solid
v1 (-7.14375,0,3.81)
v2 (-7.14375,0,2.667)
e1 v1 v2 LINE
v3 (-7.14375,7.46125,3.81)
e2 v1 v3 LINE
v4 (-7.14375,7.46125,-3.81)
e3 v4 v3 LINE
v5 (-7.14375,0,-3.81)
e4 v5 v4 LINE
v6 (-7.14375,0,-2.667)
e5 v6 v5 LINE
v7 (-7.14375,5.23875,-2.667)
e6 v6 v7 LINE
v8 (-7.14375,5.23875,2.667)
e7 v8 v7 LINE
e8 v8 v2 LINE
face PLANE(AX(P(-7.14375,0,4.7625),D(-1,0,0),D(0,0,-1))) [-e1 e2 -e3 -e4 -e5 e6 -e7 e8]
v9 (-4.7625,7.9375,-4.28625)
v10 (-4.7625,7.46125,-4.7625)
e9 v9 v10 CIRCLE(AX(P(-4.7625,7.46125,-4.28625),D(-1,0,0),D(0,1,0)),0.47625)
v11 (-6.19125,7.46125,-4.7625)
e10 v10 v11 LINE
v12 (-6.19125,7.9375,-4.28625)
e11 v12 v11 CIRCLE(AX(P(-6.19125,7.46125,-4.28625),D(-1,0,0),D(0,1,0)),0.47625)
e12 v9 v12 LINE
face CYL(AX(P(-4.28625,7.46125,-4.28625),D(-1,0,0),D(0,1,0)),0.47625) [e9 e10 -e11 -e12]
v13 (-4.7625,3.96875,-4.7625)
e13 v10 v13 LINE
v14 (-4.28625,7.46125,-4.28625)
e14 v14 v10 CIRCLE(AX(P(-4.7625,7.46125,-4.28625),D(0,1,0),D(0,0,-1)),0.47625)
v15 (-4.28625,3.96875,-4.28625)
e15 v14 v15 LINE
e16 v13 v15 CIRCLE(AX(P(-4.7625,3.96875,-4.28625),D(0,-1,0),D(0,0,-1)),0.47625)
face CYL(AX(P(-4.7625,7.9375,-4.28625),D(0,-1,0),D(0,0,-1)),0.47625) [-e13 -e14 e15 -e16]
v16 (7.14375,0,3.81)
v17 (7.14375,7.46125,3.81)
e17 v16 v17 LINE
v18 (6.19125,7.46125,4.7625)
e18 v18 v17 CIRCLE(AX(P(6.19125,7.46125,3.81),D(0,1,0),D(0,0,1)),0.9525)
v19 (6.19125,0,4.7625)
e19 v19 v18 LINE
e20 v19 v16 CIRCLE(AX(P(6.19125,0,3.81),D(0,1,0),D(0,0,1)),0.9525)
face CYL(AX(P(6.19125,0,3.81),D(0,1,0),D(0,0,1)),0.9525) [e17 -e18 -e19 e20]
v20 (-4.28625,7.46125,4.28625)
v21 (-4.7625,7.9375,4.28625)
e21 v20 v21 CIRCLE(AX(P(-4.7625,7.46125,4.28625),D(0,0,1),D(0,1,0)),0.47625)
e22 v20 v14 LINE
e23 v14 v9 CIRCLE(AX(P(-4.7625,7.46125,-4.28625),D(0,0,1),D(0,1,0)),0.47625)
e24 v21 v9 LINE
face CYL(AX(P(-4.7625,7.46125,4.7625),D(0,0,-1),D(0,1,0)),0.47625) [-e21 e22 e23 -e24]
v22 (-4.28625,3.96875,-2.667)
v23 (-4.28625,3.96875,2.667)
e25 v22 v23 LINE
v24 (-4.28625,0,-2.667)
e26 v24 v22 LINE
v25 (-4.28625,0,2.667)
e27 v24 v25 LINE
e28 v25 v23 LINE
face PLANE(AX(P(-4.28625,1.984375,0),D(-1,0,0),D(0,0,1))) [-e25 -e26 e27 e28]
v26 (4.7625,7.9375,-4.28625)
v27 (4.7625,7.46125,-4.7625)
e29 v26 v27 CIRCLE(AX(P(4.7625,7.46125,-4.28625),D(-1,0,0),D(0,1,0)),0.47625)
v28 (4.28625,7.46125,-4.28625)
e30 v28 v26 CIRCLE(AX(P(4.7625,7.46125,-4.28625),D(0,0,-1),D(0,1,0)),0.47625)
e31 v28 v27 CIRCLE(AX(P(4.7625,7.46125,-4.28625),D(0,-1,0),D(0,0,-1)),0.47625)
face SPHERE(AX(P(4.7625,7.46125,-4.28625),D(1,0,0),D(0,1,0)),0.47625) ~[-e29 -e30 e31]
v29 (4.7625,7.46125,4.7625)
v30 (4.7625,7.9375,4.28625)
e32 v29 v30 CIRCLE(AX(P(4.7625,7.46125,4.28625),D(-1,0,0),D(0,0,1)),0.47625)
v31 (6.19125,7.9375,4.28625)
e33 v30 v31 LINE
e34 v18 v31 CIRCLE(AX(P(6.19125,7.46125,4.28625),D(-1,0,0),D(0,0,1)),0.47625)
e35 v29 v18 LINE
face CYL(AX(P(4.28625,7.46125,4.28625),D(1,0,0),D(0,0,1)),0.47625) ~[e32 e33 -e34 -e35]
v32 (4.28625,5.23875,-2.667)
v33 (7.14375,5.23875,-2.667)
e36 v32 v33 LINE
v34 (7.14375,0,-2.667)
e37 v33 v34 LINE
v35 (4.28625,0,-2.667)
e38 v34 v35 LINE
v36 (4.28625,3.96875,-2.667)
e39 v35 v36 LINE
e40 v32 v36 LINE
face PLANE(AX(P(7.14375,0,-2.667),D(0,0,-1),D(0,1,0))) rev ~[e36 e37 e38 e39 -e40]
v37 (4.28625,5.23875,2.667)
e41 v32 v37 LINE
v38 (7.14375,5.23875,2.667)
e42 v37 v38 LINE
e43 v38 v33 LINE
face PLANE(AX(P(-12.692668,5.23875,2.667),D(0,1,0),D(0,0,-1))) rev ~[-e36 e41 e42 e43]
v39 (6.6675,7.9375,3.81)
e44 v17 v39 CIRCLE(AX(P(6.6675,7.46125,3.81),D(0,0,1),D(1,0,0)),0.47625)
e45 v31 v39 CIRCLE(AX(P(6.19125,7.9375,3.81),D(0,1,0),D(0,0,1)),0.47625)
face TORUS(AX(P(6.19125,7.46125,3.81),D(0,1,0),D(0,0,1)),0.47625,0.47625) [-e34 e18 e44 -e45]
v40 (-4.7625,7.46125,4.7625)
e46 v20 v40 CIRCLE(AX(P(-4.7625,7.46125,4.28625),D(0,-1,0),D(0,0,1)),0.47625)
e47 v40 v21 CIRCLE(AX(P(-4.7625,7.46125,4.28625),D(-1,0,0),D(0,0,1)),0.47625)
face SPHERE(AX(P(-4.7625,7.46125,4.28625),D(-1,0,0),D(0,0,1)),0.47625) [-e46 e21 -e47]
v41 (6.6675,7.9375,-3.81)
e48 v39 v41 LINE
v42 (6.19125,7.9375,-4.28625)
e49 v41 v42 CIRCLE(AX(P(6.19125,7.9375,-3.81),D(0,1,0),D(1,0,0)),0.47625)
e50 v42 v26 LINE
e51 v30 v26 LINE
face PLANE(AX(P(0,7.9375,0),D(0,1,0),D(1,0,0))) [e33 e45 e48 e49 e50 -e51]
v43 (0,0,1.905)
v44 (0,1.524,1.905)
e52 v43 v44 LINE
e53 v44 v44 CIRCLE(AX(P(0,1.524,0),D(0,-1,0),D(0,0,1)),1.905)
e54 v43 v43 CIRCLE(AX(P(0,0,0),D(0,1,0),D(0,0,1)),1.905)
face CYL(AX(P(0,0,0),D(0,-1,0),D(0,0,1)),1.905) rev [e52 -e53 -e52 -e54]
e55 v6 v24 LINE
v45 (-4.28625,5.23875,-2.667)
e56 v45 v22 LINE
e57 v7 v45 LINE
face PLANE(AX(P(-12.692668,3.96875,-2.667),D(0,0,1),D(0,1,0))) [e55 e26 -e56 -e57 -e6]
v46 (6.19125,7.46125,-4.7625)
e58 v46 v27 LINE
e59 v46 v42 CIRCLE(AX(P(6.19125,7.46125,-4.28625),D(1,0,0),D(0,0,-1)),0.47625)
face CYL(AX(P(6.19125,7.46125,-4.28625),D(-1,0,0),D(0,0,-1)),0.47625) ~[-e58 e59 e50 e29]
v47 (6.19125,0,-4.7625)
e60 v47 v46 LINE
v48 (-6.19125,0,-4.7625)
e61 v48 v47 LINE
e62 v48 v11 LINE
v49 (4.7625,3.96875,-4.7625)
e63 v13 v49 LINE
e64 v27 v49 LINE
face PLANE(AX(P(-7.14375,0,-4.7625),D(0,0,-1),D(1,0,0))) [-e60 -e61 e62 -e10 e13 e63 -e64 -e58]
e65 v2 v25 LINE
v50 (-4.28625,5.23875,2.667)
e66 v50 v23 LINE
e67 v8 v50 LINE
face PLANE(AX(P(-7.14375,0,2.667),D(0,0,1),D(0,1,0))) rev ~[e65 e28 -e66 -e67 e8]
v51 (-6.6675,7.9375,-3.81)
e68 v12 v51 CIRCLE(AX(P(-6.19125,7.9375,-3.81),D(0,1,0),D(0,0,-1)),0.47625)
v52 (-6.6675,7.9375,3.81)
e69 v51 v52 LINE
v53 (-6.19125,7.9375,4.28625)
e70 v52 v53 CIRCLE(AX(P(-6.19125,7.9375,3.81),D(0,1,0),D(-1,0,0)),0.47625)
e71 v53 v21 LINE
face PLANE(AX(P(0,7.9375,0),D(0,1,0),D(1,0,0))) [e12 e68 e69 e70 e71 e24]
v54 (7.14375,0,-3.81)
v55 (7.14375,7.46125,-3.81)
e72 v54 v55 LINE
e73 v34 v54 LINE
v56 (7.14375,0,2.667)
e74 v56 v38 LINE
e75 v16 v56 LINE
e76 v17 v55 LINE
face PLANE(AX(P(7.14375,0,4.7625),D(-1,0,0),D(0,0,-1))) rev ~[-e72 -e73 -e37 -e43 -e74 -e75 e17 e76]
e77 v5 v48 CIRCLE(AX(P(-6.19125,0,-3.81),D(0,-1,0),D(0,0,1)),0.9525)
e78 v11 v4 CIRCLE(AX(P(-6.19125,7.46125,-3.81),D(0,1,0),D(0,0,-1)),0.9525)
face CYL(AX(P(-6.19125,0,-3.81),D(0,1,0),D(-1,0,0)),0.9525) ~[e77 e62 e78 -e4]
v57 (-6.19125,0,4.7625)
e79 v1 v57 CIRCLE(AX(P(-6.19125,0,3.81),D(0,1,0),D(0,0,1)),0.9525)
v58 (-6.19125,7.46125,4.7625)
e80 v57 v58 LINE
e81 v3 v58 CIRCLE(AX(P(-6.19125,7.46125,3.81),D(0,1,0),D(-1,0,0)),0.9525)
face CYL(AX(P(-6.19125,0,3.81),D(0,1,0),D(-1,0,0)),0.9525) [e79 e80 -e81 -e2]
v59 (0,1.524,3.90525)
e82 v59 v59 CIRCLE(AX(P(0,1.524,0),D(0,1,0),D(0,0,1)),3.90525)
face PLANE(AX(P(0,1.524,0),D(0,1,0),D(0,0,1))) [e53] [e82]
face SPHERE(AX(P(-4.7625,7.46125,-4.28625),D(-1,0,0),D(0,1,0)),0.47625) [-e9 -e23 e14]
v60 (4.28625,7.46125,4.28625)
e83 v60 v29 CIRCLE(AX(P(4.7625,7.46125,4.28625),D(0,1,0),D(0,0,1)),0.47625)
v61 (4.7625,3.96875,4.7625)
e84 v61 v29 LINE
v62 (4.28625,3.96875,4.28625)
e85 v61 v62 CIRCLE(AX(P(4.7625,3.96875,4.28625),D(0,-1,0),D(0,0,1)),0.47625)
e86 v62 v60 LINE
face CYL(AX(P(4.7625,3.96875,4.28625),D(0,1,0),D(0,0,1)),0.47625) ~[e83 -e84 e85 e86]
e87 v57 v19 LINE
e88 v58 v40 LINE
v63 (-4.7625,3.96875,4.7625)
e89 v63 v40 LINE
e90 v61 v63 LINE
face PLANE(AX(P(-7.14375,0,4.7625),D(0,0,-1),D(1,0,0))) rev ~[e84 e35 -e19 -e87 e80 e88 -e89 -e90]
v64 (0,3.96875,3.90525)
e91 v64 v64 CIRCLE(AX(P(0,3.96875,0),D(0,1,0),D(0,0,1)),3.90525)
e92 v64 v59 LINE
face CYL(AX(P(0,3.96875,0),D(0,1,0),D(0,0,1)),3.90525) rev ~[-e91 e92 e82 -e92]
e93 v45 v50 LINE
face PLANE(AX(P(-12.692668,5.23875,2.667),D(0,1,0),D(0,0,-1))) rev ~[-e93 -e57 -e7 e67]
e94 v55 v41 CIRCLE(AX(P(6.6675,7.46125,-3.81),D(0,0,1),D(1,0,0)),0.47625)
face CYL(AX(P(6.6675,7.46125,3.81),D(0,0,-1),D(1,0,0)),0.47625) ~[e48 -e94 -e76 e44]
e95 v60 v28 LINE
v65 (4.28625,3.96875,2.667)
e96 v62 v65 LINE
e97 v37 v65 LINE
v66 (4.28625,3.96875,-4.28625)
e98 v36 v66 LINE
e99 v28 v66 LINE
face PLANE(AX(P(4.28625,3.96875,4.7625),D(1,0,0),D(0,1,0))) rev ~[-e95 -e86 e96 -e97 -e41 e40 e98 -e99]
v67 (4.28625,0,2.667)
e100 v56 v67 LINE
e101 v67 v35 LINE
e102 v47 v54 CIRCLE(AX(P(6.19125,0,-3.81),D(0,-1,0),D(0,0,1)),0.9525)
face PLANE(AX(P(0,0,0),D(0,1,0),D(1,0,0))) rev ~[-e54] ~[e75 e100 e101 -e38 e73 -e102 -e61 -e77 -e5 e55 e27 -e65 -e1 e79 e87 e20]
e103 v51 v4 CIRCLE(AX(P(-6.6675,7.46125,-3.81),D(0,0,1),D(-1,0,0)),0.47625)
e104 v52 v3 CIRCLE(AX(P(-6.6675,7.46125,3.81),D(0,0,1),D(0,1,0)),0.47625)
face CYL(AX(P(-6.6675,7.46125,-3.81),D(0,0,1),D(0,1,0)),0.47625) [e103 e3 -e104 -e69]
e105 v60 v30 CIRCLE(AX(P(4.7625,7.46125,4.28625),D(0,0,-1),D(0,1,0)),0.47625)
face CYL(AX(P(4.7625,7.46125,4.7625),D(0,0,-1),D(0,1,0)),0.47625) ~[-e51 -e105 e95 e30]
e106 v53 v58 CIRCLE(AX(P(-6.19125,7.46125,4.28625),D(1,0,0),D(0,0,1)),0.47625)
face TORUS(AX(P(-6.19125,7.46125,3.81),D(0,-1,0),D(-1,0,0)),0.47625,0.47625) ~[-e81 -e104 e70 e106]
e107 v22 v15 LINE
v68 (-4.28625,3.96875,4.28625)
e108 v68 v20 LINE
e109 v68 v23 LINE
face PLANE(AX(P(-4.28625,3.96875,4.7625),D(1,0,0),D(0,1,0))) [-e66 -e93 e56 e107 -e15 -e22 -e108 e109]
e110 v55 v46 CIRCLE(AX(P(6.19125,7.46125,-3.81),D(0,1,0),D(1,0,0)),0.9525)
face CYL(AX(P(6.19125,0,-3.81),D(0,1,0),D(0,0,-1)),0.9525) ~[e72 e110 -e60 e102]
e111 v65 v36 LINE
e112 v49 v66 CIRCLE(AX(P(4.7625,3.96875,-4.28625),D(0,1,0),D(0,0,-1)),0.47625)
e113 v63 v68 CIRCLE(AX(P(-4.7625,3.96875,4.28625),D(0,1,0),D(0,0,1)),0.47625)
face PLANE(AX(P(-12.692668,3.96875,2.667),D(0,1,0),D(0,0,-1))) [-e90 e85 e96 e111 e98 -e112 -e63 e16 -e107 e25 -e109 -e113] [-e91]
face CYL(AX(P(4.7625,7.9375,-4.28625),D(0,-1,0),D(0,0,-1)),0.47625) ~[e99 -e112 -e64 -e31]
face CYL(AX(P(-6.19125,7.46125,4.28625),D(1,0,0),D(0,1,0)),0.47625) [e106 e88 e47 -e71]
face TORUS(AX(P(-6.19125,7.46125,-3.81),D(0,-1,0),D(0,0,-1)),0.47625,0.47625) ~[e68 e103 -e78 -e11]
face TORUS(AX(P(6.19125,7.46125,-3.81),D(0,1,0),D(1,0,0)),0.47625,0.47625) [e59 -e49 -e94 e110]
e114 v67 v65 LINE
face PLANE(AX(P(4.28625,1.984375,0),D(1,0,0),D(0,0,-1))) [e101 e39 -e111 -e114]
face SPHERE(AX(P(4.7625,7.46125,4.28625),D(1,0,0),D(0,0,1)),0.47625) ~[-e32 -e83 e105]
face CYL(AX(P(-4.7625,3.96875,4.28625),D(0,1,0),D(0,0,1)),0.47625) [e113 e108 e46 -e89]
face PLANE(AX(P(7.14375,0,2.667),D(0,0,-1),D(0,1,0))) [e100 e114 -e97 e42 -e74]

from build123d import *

# Parameters (mm, degrees)
SKETCH1_W               = 14.2875
SKETCH1_H               = 9.525
SKETCH1_R               = 1.905
BOSS_EXTRUDE1_DEPTH     = 7.9375
SKETCH2_W               = 8.5725
SKETCH2_H               = 3.96875
CUT_EXTRUDE1_DEPTH      = 15.309531624
CUT_EXTRUDE2_DEPTH      = 12.692667641
CUT_EXTRUDE2_DEPTH_BACK = 12.692667641
SKETCH3_W               = 5.334
SKETCH3_H               = 1.27
SKETCH4_W               = 5.334
SKETCH4_H               = 3.96875
CUT_EXTRUDE3_DEPTH      = 2.8575
SKETCH5_W               = 5.334
SKETCH5_H               = 3.96875
CUT_EXTRUDE4_DEPTH      = 2.8575
SKETCH6_R               = 3.90525
CUT_EXTRUDE5_DEPTH      = 2.44475
FILLET2_R               = 0.9525
FILLET3_R               = 0.47625


with BuildPart() as part:
    # Sketch1 → Boss-Extrude1 (new body)
    with BuildSketch(Plane(origin=(0, 0, 0), x_dir=(1, 0, 0), z_dir=(0, 1, 0))):
        Rectangle(SKETCH1_W, SKETCH1_H)
        with Locations(Location((0, 0, 0), (0, 0, 270))):
            Circle(SKETCH1_R, mode=Mode.SUBTRACT)
    extrude(amount=BOSS_EXTRUDE1_DEPTH)

    # Sketch2 → Cut-Extrude1 (cut, through all)
    with BuildSketch(Plane.XY.offset(4.7625)):
        with Locations((0, 5.953125)):
            Rectangle(SKETCH2_W, SKETCH2_H)
    extrude(amount=-CUT_EXTRUDE1_DEPTH, mode=Mode.SUBTRACT)

    # Sketch3 → Cut-Extrude2 (cut, two sides: drawn at the far end of the back side and taken through both)
    with BuildSketch(Plane(origin=(0, 0, 0), x_dir=(0, 0, -1), z_dir=(1, 0, 0)).offset(-CUT_EXTRUDE2_DEPTH_BACK)):
        with Locations((0, 4.60375)):
            Rectangle(SKETCH3_W, SKETCH3_H)
    extrude(amount=CUT_EXTRUDE2_DEPTH + CUT_EXTRUDE2_DEPTH_BACK, mode=Mode.SUBTRACT)

    # Sketch4 → Cut-Extrude3 (cut)
    with BuildSketch(Plane(origin=(7.14375, 0, 0), x_dir=(0, 0, -1), z_dir=(1, 0, 0))):
        with Locations((0, 1.984375)):
            Rectangle(SKETCH4_W, SKETCH4_H)
    extrude(amount=-CUT_EXTRUDE3_DEPTH, mode=Mode.SUBTRACT)

    # Sketch5 → Cut-Extrude4 (cut)
    with BuildSketch(Plane.ZY.offset(7.14375)):
        with Locations((0, 1.984375)):
            Rectangle(SKETCH5_W, SKETCH5_H)
    extrude(amount=-CUT_EXTRUDE4_DEPTH, mode=Mode.SUBTRACT)

    # Sketch6 → Cut-Extrude5 (cut)
    with BuildSketch(Plane(origin=(0, 3.96875, 0), x_dir=(1, 0, 0), z_dir=(0, 1, 0))):
        with Locations(Location((0, 0, 0), (0, 0, 270))):
            Circle(SKETCH6_R)
    extrude(amount=-CUT_EXTRUDE5_DEPTH, mode=Mode.SUBTRACT)

    # Fillet2
    fillet2_edges = [part.edges().sort_by_distance(p)[0] for p in [
        (-7.14375, 3.96875, 4.7625),
        (7.14375, 3.96875, 4.7625),
        (-7.14375, 3.96875, -4.7625),
        (7.14375, 3.96875, -4.7625),
    ]]
    fillet(fillet2_edges, radius=FILLET2_R)

    # Fillet3
    fillet3_edges = [part.edges().sort_by_distance(p)[0] for p in [
        (5.23875, 7.9375, 4.7625),
        (-5.23875, 7.9375, 4.7625),
        (4.28625, 5.953125, 4.7625),
        (-4.28625, 5.953125, 4.7625),
        (6.864769209, 7.9375, 4.483519209),
        (-6.864769209, 7.9375, 4.483519209),
        (7.14375, 7.9375, 0),
        (6.864769209, 7.9375, -4.483519209),
        (5.23875, 7.9375, -4.7625),
        (4.28625, 7.9375, 0),
        (-5.23875, 7.9375, -4.7625),
        (-6.864769209, 7.9375, -4.483519209),
        (-4.28625, 7.9375, 0),
        (-7.14375, 7.9375, 0),
        (4.28625, 5.953125, -4.7625),
        (-4.28625, 5.953125, -4.7625),
    ]]
    fillet(fillet3_edges, radius=FILLET3_R)


solid = part.part
